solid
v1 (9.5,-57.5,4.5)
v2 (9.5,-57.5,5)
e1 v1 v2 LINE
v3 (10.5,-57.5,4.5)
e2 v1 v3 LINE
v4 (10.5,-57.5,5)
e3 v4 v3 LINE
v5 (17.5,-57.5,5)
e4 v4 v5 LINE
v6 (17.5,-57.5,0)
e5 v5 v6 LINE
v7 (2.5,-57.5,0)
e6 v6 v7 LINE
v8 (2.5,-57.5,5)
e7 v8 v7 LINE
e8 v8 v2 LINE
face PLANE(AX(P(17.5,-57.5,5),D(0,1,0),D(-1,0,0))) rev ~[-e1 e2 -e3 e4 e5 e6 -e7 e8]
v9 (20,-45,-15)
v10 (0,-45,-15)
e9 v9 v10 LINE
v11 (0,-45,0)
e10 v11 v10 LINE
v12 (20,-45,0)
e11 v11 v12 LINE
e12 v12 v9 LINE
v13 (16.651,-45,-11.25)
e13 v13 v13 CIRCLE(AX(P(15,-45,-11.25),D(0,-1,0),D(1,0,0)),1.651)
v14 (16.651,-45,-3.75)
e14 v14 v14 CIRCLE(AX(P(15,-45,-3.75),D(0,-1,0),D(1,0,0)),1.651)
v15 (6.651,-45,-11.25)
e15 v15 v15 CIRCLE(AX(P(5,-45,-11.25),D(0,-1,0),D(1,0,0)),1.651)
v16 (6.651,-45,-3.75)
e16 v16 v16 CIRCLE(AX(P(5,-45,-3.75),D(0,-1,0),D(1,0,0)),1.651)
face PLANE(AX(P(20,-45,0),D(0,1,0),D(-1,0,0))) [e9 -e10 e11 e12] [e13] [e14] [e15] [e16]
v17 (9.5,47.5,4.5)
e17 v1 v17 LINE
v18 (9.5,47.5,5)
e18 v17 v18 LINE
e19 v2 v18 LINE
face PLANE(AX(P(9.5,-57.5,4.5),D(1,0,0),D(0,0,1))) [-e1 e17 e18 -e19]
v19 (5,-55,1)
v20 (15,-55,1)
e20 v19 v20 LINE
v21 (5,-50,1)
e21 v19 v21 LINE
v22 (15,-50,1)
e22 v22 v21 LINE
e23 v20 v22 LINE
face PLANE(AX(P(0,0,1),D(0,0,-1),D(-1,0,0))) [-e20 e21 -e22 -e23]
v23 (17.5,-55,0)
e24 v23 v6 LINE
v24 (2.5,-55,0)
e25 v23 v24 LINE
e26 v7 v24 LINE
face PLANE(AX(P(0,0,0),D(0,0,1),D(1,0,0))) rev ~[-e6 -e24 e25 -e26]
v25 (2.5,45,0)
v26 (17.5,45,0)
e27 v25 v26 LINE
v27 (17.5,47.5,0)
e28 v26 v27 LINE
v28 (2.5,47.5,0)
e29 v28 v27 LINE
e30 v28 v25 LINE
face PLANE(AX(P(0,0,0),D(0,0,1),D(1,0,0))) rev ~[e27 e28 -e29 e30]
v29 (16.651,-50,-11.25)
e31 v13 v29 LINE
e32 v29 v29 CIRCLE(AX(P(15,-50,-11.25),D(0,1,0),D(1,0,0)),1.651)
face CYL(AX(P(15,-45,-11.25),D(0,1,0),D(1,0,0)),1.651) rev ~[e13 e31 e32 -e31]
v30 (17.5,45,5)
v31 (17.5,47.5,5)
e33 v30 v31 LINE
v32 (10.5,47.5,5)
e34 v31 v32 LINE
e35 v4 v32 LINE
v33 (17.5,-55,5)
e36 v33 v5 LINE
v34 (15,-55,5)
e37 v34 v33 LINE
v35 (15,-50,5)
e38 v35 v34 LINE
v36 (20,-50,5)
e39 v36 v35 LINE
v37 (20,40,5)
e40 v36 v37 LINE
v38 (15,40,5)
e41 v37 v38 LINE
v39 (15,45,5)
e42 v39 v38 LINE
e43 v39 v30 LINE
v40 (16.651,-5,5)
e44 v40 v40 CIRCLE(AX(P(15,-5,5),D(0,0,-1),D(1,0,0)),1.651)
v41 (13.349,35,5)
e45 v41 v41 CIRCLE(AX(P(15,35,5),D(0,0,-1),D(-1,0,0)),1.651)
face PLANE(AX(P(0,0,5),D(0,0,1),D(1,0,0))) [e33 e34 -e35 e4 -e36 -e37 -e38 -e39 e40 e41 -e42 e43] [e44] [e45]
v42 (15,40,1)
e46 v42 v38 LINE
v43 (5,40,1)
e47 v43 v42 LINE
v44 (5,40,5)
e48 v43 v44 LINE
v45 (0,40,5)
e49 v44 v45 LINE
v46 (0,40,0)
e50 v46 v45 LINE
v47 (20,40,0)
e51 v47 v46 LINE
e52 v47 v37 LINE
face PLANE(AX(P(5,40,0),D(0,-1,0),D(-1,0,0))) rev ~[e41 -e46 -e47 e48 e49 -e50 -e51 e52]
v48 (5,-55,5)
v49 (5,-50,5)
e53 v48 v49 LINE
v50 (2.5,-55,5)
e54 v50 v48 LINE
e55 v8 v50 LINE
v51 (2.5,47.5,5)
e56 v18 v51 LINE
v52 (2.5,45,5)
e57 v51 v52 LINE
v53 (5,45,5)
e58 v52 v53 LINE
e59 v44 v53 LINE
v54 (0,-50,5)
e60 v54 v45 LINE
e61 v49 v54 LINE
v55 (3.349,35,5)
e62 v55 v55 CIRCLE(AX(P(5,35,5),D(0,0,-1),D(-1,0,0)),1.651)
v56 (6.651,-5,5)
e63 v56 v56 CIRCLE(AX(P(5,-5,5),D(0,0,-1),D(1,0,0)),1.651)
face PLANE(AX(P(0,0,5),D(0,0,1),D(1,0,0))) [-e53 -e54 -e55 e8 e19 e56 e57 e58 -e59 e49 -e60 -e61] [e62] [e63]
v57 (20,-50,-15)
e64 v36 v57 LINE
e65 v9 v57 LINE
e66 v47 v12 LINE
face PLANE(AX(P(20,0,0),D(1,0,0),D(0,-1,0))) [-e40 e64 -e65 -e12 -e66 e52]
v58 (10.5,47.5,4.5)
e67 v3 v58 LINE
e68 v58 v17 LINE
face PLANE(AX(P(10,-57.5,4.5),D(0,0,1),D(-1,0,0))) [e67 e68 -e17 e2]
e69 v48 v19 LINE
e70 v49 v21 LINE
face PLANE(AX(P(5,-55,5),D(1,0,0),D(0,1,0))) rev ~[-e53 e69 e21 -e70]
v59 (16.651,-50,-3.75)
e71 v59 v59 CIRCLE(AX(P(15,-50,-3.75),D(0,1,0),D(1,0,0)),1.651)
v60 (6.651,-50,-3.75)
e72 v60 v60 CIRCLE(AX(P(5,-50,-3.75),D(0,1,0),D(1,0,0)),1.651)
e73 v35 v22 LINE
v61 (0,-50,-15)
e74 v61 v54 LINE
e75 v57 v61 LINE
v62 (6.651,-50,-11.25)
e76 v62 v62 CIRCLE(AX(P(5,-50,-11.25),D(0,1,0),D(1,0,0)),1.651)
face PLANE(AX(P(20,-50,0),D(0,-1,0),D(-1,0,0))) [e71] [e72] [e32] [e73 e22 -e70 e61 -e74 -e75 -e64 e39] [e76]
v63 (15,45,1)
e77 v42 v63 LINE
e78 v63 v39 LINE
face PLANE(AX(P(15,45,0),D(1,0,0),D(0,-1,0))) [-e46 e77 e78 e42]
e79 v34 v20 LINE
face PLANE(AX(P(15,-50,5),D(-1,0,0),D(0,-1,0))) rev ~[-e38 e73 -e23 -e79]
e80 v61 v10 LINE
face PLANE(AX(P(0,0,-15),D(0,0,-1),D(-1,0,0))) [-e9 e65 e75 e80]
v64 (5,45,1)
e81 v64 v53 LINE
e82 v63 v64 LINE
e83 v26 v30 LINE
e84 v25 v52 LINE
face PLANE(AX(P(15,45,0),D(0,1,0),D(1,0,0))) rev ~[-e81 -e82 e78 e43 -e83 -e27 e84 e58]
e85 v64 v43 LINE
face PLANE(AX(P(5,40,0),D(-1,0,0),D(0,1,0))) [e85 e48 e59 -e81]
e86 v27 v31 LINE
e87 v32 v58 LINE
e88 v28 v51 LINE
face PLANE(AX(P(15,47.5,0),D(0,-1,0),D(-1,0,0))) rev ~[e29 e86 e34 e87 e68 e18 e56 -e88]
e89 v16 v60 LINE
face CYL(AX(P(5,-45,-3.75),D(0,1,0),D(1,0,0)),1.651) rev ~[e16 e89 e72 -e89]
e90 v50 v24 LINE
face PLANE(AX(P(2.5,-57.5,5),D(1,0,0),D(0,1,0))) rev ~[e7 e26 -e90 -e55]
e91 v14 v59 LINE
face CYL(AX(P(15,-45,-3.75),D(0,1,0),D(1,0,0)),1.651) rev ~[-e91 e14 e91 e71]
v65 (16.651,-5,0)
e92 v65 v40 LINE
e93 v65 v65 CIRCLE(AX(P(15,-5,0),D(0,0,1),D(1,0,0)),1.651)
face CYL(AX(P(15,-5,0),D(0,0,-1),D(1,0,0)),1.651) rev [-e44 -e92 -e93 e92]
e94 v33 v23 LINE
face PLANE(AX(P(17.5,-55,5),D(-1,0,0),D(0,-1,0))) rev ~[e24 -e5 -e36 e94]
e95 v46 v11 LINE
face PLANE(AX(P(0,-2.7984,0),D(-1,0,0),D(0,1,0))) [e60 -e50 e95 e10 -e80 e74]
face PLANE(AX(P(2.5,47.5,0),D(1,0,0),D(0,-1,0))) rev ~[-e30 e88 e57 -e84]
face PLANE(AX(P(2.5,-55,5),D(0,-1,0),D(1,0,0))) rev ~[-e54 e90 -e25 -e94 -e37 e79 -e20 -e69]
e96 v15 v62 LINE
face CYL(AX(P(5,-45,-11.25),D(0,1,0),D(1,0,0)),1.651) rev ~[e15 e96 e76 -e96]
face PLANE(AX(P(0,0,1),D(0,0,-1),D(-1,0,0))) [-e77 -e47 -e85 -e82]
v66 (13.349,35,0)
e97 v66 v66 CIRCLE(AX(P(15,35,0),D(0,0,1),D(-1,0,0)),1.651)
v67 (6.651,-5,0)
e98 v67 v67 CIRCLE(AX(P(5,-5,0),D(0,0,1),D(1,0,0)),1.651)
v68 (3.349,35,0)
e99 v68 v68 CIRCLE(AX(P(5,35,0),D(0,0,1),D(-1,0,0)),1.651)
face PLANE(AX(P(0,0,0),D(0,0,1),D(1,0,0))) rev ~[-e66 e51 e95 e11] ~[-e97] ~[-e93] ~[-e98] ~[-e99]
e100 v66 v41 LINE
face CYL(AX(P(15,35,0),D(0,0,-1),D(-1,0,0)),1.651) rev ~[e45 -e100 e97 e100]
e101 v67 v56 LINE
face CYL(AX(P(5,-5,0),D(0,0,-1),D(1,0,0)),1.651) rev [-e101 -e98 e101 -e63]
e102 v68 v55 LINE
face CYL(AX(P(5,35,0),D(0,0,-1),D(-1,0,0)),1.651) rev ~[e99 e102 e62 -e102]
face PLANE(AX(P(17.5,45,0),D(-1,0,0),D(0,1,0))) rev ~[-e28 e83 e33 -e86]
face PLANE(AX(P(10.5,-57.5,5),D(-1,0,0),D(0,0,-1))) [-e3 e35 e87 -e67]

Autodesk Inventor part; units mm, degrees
ref_plane "YZ Plane" through (0, 0, 0) normal (1, 0, 0) x (0, 1, 0)
ref_plane "XZ Plane" through (0, 0, 0) normal (0, 1, 0) x (-1, 0, 0)
ref_plane "XY Plane" through (0, 0, 0) normal (0, 0, 1) x (1, 0, 0)
sketch "Sketch1" plane through (0, 0, 0) normal (0, 0, 1) x (1, 0, 0)
  line L0 (0, 0) -> (20, 0)
  line L1 (20, 0) -> (20, -2.7984)
  line L2 (0, -2.7984) -> (0, 0)
  line L3 (0, 0) -> (20, 0)
  line L4 (20, 0) -> (20, -50)
  line L5 (20, -50) -> (0, -50)
  line L6 (0, -50) -> (0, 0)
  line L7 (0, 0) -> (5, 0)
  line L8 (0, -5) -> (0, 0)
  circle A0 centre (5, -5) radius 1.651
  line L9 (20, 0) -> (15, 0)
  line L10 (15, -5) -> (20, -5)
  line L11 (20, -5) -> (20, 0)
  circle A1 centre (15, -5) radius 1.651
  dimension "d1" = 20
  dimension "d2" = 50
  dimension "d6" = 5
  dimension "d7" = 5
  dimension "d9" = 3.302
extrude "Extrusion1" add sketch "Sketch1" along normal blind 5
sketch "Sketch2" plane through (0, 0, 5) normal (0, 0, 1) x (1, 0, 0)
  line L0 (20, 0) -> (0, 0) projected
  line L1 (10, 0) -> (5, 0)
  line L2 (5, 0) -> (5, 5)
  line L3 (5, 5) -> (10, 5)
  line L4 (10, 5) -> (10, 0)
  line L5 (10, 5) -> (2.5, 5)
  line L6 (2.5, 5) -> (2.5, 7.5)
  line L7 (2.5, 7.5) -> (10, 7.5)
  line L8 (10, 7.5) -> (10, 5)
  line L9 (2.5, 7.5) -> (17.5, 7.5)
  line L10 (17.5, 7.5) -> (17.5, 5)
  line L11 (17.5, 5) -> (2.5, 5)
  line L12 (2.5, 5) -> (2.5, 7.5)
  line L13 (10, 5) -> (15, 5)
  line L14 (15, 5) -> (15, 0)
  line L15 (15, 0) -> (10, 0)
  line L16 (10, 0) -> (10, 5)
  dimension "d12" = 5
  dimension "d13" = 5
  dimension "d14" = 7.5
  dimension "d15" = 2.5
  dimension "d16" = 15
  dimension "d17" = 2.5
  dimension "d18" = 5
  dimension "d19" = 5
extrude "Extrusion2" add sketch "Sketch2" against normal blind 5
sketch "Sketch3" plane through (0, 0, 0) normal (0, 0, -1) x (-1, 0, 0)
  line L0 (-5, 0) -> (-5, 5) projected
  line L1 (-5, 0) -> (-15, 0)
  line L2 (-15, 0) -> (-15, 5)
  line L3 (-15, 5) -> (-5, 5)
  line L4 (-5, 5) -> (-5, 0)
  point P0 (0, 0)
extrude "Extrusion3" cut sketch "Sketch3" against normal blind 1
sketch "Sketch4" plane through (0, 0, 0) normal (0, 0, -1) x (-1, 0, 0)
  line L0 (-5, 0) -> (0, 0) projected
  line L1 (-20, -50) -> (0, -50) projected
  line L2 (0, 0) -> (-20, 0)
  line L3 (-20, 0) -> (-20, -50)
  line L4 (-20, -50) -> (0, -50)
  line L5 (0, -50) -> (0, 0)
  line L6 (0, -50) -> (-5, -50)
  line L7 (-5, -50) -> (-5, -30)
  line L8 (-5, -30) -> (0, -30)
  line L9 (0, -30) -> (0, -50)
  line L10 (0, -50) -> (0, 0) projected
  line L11 (0, -50) -> (-5, -50)
  line L12 (-5, -50) -> (-5, -30)
  line L13 (-5, -30) -> (0, -30)
  line L14 (0, -30) -> (0, -50)
  line L15 (0, -50) -> (-20, -50)
  line L16 (-20, -50) -> (-20, -45)
  line L17 (-20, -45) -> (0, -45)
  line L18 (0, -45) -> (0, -50)
  dimension "d28" = 5
  dimension "d29" = 20
  dimension "d30" = 5
  dimension "d31" = 20
  dimension "d32" = 20
  dimension "d33" = 5
extrude "Extrusion4" add sketch "Sketch4" along normal blind 15 contours L17 L7 L1 L3 | L5 L1 L7 L17
sketch "Sketch5" plane through (0, 0, 5) normal (0, 0, 1) x (1, 0, 0)
  line L0 (20, -50) -> (20, 0) projected
  line L1 (20, 0) -> (0, 0)
  line L2 (0, 0) -> (0, -50)
  line L3 (0, -50) -> (20, -50)
  line L4 (20, -50) -> (20, 0)
  line L5 (10, -50) -> (15, -50)
  line L6 (15, -50) -> (15, -55)
  line L7 (15, -55) -> (10, -55)
  line L8 (10, -55) -> (10, -50)
  line L9 (15, -55) -> (5, -55)
  line L10 (5, -55) -> (5, -50)
  line L11 (5, -50) -> (15, -50)
  line L12 (15, -50) -> (15, -55)
  line L13 (10, -55) -> (17.5, -55)
  line L14 (17.5, -55) -> (17.5, -57.5)
  line L15 (17.5, -57.5) -> (10, -57.5)
  line L16 (10, -57.5) -> (10, -55)
  line L17 (17.5, -57.5) -> (2.5, -57.5)
  line L18 (2.5, -57.5) -> (2.5, -55)
  line L19 (2.5, -55) -> (17.5, -55)
  line L20 (17.5, -55) -> (17.5, -57.5)
  dimension "d36" = 5
  dimension "d37" = 5
  dimension "d38" = 10
  dimension "d39" = 5
  dimension "d40" = 7.5
  dimension "d41" = 2.5
  dimension "d42" = 15
  dimension "d43" = 2.5
extrude "Extrusion5" add sketch "Sketch5" against normal blind 5 contours L6 L7 L8 L3 | L8 L9 L10 L3 | L13 L14 L15 L16 L7 | L16 L17 L18 L19 L9
sketch "Sketch6" plane through (0, 0, 0) normal (0, 0, -1) x (-1, 0, 0)
  line L0 (-5, -55) -> (-5, -50) projected
  line L1 (-15, -50) -> (-5, -50) projected
  line L2 (-5, -55) -> (-15, -55)
  line L3 (-15, -55) -> (-15, -50)
  line L4 (-15, -50) -> (-5, -50)
  line L5 (-5, -50) -> (-5, -55)
  point P0 (0, 0)
extrude "Extrusion6" cut sketch "Sketch6" against normal blind 1
sketch "Sketch8" plane through (0, -45, 0) normal (0, 1, 0) x (1, 0, 0)
  line L0 (0, 15) -> (20, 15) projected
  line L1 (0, 15) -> (20, 15)
  line L2 (20, 15) -> (20, 0)
  line L3 (20, 0) -> (0, 0)
  line L4 (0, 0) -> (0, 15)
  line L5 (0, 0) -> (0, 15) projected
  line L6 (0, 7.5) -> (20, 7.5)
  line L7 (20, 0) -> (20, 15) projected
  line L8 (20, 0) -> (0, 15)
  line L9 (20, 15) -> (0, 0)
  line L10 (10, 7.5) -> (10, 15)
  line L11 (10, 7.5) -> (10, 0)
  line L12 (10, 7.5) -> (0, 0)
  line L13 (10, 7.5) -> (20, 0)
  line L14 (10, 7.5) -> (0, 15)
  line L15 (10, 7.5) -> (20, 15)
  circle A0 centre (5, 3.75) radius 1.651
  circle A1 centre (15, 3.75) radius 1.651
  circle A2 centre (15, 11.25) radius 1.651
  circle A3 centre (5, 11.25) radius 1.651
  dimension "d48" = 3.302
  dimension "d49" = 3.302
  dimension "d50" = 3.302
  dimension "d51" = 3.302
extrude "Extrusion7" cut sketch "Sketch8" against normal blind 5 contours A3 L8 | L8 A3 | A2 L9 | L9 A2 | A1 L8 | L8 A1 | A0 L9 | L9 A0
sketch "Sketch9" plane through (0, 0, 0) normal (0, 0, -1) x (-1, 0, 0)
  circle A0 centre (-15, -5) radius 1.651 projected
  line L0 (-15, -3.349) -> (-15, 35)
  line L1 (-16.651, -5) -> (-20, -5)
  line L2 (-20, -5) -> (-20, 40)
  line L3 (-20, 40) -> (-15, 40)
  line L4 (-15, 40) -> (-15, -3.349)
  line L5 (0, -45) -> (0, 0) projected
  line L6 (-20, 40) -> (0, 40)
  line L7 (0, 40) -> (0, -5)
  line L8 (-20, -5) -> (-20, 40)
  line L9 (-15, 35) -> (0, 35)
  line L10 (0, 35) -> (0, 40)
  line L11 (0, 40) -> (-15, 40)
  line L12 (-15, 40) -> (-15, 35)
  circle A1 centre (-5, -5) radius 1.651 projected
  line L13 (-5, -5) -> (0, -5)
  line L14 (0, -5) -> (0, 35)
  line L15 (0, 35) -> (-5, 35)
  line L16 (-5, 35) -> (-5, -3.349)
  circle A2 centre (-15, 35) radius 1.651
  circle A3 centre (-5, 35) radius 1.651
  line L17 (-15, 40) -> (-5, 40)
  line L18 (-5, 40) -> (-5, 45)
  line L19 (-5, 45) -> (-15, 45)
  line L20 (-15, 45) -> (-15, 40)
  line L21 (-15, 45) -> (-17.5, 45)
  line L22 (-17.5, 45) -> (-17.5, 47.5)
  line L23 (-17.5, 47.5) -> (-15, 47.5)
  line L24 (-15, 47.5) -> (-15, 45)
  line L25 (-17.5, 47.5) -> (0, 47.5)
  line L26 (0, 47.5) -> (0, 45)
  line L27 (0, 45) -> (-17.5, 45)
  line L28 (-17.5, 45) -> (-17.5, 47.5)
  line L29 (-17.5, 47.5) -> (-2.5, 47.5)
  line L30 (-2.5, 47.5) -> (-2.5, 45)
  line L31 (-2.5, 45) -> (-17.5, 45)
  line L32 (-17.5, 45) -> (-17.5, 47.5)
  arc A4 (-13.349, -5) -> (-16.651, -5) centre (-15, -5) ccw
  arc A5 (-3.349, -5) -> (-6.651, -5) centre (-5, -5) ccw
  arc A6 (-13.349, -5) -> (-16.651, -5) centre (-15, -5) ccw
  arc A7 (-3.349, -5) -> (-6.651, -5) centre (-5, -5) ccw
  line L33 (0, -5) -> (-3.349, -5)
  line L34 (-6.651, -5) -> (-13.349, -5)
  line L35 (-16.651, -5) -> (-20, -5)
  dimension "d54" = 40
  dimension "d55" = 45
  dimension "d56" = 3.302
  dimension "d57" = 3.302
  dimension "d58" = 10
  dimension "d59" = 5
  dimension "d60" = 2.5
  dimension "d61" = 2.5
  dimension "d62" = 17.5
  dimension "d63" = 2.5
  dimension "d64" = 15
  dimension "d65" = 2.5
extrude "Extrusion8" add sketch "Sketch9" against normal blind 5 contours A0 L0 A2 L9 A3 L16 A1 L34 | A0 L1 L2 L3 L4 A2 L0 | A2 L4 L0 | L0 L9 A2 | L16 A3 L9 L7 L5 L13 A1 | L4 A2 L9 | L4 L6 L7 L9 A3 A2 | A3 L9 L16 | L16 L9 A3 | L20 L19 L18 L6 | A3 L9 | L24 L25 L30 L27 L19 | L21 L22 L23 L24
sketch "Sketch10" plane through (0, 0, 0) normal (0, 0, -1) x (-1, 0, 0)
  circle A0 centre (-15, -5) radius 1.651 projected
  line L0 (-15, -5) -> (-15, 35)
  line L1 (-15, -5) -> (25, -5) construction
  line L2 (-15, 35) -> (-5, 35)
  circle A1 centre (-15, 35) radius 1.651
  circle A2 centre (-5, 35) radius 1.651
  point P0 (0, 0)
  dimension "d68" = 40
  dimension "d69" = 90
  dimension "d70" = 10
  dimension "d71" = 3.302
  dimension "d72" = 3.302
extrude "Extrusion9" cut sketch "Sketch10" against normal blind 5 contours A2 | A1 L2 L0 | L0 L2 A1
sketch "Sketch11" plane through (0, 0, 0) normal (0, 0, -1) x (-1, 0, 0)
  line L0 (-15, 45) -> (-17.5, 45) projected
  line L1 (-5, 40) -> (0, 40) projected
  line L2 (-15, 45) -> (-5, 45)
  line L3 (-5, 45) -> (-5, 40)
  line L4 (-5, 40) -> (-15, 40)
  line L5 (-15, 40) -> (-15, 45)
  point P0 (0, 0)
extrude "Extrusion10" cut sketch "Sketch11" against normal blind 1
sketch "Sketch13" plane through (2.5, -57.5, 5) normal (0, -1, 0) x (1, 0, 0)
  line L0 (0, 0) -> (15, 0) projected
  line L1 (7.5, 0) -> (8, 0)
  line L2 (8, 0) -> (8, -0.5)
  line L3 (8, -0.5) -> (7.5, -0.5)
  line L4 (7.5, -0.5) -> (7.5, 0)
  line L5 (8, -0.5) -> (7, -0.5)
  line L6 (7, -0.5) -> (7, 0)
  line L7 (7, 0) -> (8, 0)
  line L8 (8, 0) -> (8, -0.5)
  point P0 (-2.5, -5)
  dimension "d77" = 0.5
  dimension "d78" = 0.5
  dimension "d79" = 1
  dimension "d80" = 0.5
extrude "Extrusion11" cut sketch "Sketch13" against normal blind 500
properties part number "Attachment"
